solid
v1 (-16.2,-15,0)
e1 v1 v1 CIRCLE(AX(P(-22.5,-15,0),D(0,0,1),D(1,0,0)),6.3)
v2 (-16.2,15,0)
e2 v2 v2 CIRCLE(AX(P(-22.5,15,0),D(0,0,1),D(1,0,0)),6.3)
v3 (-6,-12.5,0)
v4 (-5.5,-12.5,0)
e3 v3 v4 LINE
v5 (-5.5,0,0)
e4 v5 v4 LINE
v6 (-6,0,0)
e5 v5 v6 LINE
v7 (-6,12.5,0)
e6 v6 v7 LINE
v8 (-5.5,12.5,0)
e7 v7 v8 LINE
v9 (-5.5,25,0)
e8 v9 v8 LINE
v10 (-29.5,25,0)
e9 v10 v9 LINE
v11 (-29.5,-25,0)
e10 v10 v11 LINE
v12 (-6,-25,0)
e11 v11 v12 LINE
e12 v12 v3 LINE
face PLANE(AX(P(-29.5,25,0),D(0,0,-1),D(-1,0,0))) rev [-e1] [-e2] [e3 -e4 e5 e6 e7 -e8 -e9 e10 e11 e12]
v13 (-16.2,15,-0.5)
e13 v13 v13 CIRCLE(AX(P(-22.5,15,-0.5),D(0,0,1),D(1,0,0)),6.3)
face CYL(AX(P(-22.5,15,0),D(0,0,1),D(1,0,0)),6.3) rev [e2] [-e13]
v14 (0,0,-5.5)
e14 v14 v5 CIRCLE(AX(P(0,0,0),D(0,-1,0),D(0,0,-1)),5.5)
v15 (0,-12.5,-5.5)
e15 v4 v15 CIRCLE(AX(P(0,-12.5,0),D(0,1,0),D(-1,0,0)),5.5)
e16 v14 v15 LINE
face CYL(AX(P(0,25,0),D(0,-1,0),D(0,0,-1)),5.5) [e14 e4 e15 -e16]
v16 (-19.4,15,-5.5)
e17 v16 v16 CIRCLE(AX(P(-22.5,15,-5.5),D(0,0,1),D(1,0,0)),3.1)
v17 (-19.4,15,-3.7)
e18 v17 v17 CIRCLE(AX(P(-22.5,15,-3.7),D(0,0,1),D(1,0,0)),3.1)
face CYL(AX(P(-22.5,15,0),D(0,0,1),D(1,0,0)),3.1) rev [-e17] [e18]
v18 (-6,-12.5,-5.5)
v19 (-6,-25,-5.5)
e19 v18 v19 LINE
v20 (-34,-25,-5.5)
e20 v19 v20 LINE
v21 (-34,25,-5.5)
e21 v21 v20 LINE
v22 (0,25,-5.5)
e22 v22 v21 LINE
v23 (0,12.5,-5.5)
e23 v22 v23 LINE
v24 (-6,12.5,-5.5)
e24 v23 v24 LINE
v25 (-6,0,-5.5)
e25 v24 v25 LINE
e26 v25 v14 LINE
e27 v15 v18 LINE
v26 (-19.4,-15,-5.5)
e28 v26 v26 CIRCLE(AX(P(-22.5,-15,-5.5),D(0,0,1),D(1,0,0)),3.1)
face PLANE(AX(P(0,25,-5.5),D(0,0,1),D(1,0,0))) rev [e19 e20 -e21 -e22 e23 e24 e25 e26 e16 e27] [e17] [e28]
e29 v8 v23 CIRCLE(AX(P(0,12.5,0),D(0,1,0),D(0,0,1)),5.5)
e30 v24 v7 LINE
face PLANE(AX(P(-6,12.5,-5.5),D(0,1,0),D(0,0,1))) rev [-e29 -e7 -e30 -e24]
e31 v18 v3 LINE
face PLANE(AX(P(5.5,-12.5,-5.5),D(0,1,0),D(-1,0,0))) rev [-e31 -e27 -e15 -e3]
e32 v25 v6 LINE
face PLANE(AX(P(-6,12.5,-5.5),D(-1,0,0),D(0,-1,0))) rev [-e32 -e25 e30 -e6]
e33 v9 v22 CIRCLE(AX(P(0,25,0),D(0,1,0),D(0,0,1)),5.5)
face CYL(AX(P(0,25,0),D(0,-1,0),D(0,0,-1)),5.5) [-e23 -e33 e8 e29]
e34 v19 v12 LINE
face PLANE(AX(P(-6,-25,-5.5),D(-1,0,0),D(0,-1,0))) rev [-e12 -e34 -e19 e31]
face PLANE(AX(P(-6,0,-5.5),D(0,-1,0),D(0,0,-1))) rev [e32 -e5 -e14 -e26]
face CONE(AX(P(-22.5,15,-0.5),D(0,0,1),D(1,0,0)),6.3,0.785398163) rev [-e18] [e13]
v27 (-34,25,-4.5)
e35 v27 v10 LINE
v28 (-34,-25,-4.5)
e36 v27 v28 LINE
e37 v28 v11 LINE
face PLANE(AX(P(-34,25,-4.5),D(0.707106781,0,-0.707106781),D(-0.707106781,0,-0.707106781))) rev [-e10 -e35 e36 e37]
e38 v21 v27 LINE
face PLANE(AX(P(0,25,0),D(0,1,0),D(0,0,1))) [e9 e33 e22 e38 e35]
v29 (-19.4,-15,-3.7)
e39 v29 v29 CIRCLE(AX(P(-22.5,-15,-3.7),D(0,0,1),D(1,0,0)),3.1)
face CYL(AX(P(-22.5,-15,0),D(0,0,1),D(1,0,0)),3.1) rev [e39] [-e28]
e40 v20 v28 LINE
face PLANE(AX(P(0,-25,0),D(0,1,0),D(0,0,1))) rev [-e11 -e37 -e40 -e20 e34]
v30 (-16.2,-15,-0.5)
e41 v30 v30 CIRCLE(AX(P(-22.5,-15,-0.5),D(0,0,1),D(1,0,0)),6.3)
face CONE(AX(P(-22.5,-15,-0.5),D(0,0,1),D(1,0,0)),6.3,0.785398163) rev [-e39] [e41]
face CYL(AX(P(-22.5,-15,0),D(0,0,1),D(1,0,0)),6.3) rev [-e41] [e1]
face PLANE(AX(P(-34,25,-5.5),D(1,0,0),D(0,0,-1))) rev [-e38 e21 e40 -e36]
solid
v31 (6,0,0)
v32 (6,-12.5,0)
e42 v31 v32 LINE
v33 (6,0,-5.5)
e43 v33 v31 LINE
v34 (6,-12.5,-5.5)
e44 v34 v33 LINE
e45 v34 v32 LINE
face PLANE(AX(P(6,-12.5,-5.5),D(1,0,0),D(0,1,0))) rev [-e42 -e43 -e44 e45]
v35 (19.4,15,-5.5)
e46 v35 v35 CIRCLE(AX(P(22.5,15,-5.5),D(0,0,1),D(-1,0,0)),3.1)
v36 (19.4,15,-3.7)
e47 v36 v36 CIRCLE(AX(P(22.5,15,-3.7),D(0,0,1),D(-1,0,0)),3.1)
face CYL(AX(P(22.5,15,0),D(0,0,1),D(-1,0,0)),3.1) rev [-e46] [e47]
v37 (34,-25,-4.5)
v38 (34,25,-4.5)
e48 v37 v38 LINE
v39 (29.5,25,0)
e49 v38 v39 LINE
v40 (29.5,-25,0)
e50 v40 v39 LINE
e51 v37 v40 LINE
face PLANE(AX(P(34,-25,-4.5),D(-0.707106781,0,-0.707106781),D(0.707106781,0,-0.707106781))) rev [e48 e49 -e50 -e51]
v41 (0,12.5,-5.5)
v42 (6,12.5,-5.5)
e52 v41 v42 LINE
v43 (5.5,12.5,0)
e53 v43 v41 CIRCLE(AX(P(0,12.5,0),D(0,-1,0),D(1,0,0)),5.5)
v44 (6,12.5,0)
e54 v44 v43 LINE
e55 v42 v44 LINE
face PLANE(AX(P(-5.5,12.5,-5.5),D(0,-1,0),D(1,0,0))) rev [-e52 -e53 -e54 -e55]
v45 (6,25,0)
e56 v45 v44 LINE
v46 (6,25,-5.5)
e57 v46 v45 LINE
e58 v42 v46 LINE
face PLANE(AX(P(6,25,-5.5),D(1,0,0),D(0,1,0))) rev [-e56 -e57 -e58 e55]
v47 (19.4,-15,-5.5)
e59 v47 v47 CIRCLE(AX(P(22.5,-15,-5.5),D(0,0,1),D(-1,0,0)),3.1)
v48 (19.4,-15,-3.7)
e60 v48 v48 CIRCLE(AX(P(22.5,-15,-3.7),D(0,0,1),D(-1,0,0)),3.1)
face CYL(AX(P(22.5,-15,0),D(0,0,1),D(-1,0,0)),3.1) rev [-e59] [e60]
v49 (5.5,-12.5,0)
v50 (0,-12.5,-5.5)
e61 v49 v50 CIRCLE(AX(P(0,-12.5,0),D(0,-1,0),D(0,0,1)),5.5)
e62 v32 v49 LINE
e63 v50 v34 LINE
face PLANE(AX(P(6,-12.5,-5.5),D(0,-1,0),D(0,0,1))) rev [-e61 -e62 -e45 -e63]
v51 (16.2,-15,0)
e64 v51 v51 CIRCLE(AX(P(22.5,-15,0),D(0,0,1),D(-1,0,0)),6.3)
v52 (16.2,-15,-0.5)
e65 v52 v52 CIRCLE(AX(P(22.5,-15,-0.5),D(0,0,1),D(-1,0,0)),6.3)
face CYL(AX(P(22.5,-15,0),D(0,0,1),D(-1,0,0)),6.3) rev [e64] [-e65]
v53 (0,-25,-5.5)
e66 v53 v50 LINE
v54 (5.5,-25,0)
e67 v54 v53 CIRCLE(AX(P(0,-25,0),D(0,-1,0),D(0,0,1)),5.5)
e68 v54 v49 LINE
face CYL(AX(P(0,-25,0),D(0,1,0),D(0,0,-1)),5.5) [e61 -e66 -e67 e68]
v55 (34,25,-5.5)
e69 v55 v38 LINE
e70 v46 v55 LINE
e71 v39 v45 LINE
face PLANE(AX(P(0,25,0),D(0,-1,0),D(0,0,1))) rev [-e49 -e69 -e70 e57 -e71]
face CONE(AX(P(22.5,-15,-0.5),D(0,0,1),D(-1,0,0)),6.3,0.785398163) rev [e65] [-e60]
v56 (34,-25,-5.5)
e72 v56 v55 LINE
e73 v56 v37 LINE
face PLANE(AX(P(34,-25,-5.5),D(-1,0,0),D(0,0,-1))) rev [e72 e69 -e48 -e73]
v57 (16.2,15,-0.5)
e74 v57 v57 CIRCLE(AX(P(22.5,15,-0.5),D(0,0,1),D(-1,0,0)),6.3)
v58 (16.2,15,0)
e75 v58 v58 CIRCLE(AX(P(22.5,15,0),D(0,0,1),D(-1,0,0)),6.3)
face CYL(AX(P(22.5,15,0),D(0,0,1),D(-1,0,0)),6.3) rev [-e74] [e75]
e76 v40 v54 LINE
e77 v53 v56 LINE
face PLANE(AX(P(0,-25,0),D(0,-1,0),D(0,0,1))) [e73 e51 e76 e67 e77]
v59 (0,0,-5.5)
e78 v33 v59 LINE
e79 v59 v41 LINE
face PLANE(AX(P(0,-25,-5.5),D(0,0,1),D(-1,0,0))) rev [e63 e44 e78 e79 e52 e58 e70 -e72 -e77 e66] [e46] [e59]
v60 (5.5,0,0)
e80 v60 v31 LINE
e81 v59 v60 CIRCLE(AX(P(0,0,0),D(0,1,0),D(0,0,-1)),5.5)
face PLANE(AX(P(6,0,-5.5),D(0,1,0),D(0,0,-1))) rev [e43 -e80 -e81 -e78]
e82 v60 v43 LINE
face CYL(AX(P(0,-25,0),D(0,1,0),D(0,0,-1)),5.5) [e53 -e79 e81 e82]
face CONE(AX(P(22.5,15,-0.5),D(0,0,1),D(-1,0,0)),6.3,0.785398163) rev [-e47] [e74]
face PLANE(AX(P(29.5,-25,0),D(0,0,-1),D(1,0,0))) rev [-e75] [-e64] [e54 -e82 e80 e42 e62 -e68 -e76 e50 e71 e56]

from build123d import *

# Parameters (mm, degrees)
EXTRUDE_1_DEPTH            = 25
SKETCH_3_W                 = 11.5
SKETCH_3_H                 = 12.5
CUT_EXTRUDE_1_DEPTH        = 6.5
CUT_EXTRUDE_1_DEPTH_BACK   = 6.5
HOLE_WIZARD_M61_AT_2_COUNT = 2
HOLE_WIZARD_M61_AT_2_PITCH = 30
PATTERN_CIRCULAR_1_COUNT   = 2


with BuildPart() as part:
    # Эскиз1 → Бобышка-Вытянуть1 (new body, symmetric)
    with BuildSketch(Plane(origin=(0, 0, 0), x_dir=(1, 0, 0), z_dir=(0, 1, 0))):
        with BuildLine():
            Line((0, 5.5), (-34, 5.5))
            Line((-34, 5.5), (-34, 4.5))
            Line((-34, 4.5), (-29.5, 0))
            Line((-29.5, 0), (-5.5, 0))
            ThreePointArc((-5.5, 0), (3.889087297, -3.889087297), (0, 5.5))
        make_face()
    extrude(amount=EXTRUDE_1_DEPTH, both=True)

    # Эскиз3 → Вырез-Вытянуть1 (cut, two sides)
    with BuildSketch(Plane.XY) as cut_extrude_1_sk:
        with Locations((-0.25, 6.25)):
            Rectangle(SKETCH_3_W, SKETCH_3_H)
        with Locations((-0.25, -18.75)):
            Rectangle(SKETCH_3_W, SKETCH_3_H)
    extrude(amount=CUT_EXTRUDE_1_DEPTH, mode=Mode.SUBTRACT)
    extrude(cut_extrude_1_sk.sketch, amount=-CUT_EXTRUDE_1_DEPTH_BACK, mode=Mode.SUBTRACT)

    # Эскиз6 → Зенковка для винта с полупотайной головкой M61 (revolve, cut)
    with BuildSketch(Plane(origin=(-22.5, 15, 0), x_dir=(0, -1, 0), z_dir=(1, 0, 0))):
        Polygon((0, 0), (0, 5.5), (3.1, 5.5), (3.1, 3.7), (6.3, 0.5), (6.3, 0), align=None)
    hole_wizard_m61 = revolve(axis=Axis((-22.5, 15, 6.35), (0, 0, -1)), mode=Mode.SUBTRACT)

    # Зенковка для винта с полупотайной головкой M61 at 2: Зенковка для винта с полупотайной головкой M61 ×2
    with Locations(*[(0, -i * HOLE_WIZARD_M61_AT_2_PITCH, 0) for i in range(1, HOLE_WIZARD_M61_AT_2_COUNT)]):
        add(hole_wizard_m61, mode=Mode.SUBTRACT)


with BuildPart() as pattern_circular_1_1:
    # Круговой массив1: pattern copy
    add(part.part.rotate(Axis((0, 0, 0), (0, 0, 1)), 1 * 360 / PATTERN_CIRCULAR_1_COUNT))


solid = Compound([part.part, pattern_circular_1_1.part])
